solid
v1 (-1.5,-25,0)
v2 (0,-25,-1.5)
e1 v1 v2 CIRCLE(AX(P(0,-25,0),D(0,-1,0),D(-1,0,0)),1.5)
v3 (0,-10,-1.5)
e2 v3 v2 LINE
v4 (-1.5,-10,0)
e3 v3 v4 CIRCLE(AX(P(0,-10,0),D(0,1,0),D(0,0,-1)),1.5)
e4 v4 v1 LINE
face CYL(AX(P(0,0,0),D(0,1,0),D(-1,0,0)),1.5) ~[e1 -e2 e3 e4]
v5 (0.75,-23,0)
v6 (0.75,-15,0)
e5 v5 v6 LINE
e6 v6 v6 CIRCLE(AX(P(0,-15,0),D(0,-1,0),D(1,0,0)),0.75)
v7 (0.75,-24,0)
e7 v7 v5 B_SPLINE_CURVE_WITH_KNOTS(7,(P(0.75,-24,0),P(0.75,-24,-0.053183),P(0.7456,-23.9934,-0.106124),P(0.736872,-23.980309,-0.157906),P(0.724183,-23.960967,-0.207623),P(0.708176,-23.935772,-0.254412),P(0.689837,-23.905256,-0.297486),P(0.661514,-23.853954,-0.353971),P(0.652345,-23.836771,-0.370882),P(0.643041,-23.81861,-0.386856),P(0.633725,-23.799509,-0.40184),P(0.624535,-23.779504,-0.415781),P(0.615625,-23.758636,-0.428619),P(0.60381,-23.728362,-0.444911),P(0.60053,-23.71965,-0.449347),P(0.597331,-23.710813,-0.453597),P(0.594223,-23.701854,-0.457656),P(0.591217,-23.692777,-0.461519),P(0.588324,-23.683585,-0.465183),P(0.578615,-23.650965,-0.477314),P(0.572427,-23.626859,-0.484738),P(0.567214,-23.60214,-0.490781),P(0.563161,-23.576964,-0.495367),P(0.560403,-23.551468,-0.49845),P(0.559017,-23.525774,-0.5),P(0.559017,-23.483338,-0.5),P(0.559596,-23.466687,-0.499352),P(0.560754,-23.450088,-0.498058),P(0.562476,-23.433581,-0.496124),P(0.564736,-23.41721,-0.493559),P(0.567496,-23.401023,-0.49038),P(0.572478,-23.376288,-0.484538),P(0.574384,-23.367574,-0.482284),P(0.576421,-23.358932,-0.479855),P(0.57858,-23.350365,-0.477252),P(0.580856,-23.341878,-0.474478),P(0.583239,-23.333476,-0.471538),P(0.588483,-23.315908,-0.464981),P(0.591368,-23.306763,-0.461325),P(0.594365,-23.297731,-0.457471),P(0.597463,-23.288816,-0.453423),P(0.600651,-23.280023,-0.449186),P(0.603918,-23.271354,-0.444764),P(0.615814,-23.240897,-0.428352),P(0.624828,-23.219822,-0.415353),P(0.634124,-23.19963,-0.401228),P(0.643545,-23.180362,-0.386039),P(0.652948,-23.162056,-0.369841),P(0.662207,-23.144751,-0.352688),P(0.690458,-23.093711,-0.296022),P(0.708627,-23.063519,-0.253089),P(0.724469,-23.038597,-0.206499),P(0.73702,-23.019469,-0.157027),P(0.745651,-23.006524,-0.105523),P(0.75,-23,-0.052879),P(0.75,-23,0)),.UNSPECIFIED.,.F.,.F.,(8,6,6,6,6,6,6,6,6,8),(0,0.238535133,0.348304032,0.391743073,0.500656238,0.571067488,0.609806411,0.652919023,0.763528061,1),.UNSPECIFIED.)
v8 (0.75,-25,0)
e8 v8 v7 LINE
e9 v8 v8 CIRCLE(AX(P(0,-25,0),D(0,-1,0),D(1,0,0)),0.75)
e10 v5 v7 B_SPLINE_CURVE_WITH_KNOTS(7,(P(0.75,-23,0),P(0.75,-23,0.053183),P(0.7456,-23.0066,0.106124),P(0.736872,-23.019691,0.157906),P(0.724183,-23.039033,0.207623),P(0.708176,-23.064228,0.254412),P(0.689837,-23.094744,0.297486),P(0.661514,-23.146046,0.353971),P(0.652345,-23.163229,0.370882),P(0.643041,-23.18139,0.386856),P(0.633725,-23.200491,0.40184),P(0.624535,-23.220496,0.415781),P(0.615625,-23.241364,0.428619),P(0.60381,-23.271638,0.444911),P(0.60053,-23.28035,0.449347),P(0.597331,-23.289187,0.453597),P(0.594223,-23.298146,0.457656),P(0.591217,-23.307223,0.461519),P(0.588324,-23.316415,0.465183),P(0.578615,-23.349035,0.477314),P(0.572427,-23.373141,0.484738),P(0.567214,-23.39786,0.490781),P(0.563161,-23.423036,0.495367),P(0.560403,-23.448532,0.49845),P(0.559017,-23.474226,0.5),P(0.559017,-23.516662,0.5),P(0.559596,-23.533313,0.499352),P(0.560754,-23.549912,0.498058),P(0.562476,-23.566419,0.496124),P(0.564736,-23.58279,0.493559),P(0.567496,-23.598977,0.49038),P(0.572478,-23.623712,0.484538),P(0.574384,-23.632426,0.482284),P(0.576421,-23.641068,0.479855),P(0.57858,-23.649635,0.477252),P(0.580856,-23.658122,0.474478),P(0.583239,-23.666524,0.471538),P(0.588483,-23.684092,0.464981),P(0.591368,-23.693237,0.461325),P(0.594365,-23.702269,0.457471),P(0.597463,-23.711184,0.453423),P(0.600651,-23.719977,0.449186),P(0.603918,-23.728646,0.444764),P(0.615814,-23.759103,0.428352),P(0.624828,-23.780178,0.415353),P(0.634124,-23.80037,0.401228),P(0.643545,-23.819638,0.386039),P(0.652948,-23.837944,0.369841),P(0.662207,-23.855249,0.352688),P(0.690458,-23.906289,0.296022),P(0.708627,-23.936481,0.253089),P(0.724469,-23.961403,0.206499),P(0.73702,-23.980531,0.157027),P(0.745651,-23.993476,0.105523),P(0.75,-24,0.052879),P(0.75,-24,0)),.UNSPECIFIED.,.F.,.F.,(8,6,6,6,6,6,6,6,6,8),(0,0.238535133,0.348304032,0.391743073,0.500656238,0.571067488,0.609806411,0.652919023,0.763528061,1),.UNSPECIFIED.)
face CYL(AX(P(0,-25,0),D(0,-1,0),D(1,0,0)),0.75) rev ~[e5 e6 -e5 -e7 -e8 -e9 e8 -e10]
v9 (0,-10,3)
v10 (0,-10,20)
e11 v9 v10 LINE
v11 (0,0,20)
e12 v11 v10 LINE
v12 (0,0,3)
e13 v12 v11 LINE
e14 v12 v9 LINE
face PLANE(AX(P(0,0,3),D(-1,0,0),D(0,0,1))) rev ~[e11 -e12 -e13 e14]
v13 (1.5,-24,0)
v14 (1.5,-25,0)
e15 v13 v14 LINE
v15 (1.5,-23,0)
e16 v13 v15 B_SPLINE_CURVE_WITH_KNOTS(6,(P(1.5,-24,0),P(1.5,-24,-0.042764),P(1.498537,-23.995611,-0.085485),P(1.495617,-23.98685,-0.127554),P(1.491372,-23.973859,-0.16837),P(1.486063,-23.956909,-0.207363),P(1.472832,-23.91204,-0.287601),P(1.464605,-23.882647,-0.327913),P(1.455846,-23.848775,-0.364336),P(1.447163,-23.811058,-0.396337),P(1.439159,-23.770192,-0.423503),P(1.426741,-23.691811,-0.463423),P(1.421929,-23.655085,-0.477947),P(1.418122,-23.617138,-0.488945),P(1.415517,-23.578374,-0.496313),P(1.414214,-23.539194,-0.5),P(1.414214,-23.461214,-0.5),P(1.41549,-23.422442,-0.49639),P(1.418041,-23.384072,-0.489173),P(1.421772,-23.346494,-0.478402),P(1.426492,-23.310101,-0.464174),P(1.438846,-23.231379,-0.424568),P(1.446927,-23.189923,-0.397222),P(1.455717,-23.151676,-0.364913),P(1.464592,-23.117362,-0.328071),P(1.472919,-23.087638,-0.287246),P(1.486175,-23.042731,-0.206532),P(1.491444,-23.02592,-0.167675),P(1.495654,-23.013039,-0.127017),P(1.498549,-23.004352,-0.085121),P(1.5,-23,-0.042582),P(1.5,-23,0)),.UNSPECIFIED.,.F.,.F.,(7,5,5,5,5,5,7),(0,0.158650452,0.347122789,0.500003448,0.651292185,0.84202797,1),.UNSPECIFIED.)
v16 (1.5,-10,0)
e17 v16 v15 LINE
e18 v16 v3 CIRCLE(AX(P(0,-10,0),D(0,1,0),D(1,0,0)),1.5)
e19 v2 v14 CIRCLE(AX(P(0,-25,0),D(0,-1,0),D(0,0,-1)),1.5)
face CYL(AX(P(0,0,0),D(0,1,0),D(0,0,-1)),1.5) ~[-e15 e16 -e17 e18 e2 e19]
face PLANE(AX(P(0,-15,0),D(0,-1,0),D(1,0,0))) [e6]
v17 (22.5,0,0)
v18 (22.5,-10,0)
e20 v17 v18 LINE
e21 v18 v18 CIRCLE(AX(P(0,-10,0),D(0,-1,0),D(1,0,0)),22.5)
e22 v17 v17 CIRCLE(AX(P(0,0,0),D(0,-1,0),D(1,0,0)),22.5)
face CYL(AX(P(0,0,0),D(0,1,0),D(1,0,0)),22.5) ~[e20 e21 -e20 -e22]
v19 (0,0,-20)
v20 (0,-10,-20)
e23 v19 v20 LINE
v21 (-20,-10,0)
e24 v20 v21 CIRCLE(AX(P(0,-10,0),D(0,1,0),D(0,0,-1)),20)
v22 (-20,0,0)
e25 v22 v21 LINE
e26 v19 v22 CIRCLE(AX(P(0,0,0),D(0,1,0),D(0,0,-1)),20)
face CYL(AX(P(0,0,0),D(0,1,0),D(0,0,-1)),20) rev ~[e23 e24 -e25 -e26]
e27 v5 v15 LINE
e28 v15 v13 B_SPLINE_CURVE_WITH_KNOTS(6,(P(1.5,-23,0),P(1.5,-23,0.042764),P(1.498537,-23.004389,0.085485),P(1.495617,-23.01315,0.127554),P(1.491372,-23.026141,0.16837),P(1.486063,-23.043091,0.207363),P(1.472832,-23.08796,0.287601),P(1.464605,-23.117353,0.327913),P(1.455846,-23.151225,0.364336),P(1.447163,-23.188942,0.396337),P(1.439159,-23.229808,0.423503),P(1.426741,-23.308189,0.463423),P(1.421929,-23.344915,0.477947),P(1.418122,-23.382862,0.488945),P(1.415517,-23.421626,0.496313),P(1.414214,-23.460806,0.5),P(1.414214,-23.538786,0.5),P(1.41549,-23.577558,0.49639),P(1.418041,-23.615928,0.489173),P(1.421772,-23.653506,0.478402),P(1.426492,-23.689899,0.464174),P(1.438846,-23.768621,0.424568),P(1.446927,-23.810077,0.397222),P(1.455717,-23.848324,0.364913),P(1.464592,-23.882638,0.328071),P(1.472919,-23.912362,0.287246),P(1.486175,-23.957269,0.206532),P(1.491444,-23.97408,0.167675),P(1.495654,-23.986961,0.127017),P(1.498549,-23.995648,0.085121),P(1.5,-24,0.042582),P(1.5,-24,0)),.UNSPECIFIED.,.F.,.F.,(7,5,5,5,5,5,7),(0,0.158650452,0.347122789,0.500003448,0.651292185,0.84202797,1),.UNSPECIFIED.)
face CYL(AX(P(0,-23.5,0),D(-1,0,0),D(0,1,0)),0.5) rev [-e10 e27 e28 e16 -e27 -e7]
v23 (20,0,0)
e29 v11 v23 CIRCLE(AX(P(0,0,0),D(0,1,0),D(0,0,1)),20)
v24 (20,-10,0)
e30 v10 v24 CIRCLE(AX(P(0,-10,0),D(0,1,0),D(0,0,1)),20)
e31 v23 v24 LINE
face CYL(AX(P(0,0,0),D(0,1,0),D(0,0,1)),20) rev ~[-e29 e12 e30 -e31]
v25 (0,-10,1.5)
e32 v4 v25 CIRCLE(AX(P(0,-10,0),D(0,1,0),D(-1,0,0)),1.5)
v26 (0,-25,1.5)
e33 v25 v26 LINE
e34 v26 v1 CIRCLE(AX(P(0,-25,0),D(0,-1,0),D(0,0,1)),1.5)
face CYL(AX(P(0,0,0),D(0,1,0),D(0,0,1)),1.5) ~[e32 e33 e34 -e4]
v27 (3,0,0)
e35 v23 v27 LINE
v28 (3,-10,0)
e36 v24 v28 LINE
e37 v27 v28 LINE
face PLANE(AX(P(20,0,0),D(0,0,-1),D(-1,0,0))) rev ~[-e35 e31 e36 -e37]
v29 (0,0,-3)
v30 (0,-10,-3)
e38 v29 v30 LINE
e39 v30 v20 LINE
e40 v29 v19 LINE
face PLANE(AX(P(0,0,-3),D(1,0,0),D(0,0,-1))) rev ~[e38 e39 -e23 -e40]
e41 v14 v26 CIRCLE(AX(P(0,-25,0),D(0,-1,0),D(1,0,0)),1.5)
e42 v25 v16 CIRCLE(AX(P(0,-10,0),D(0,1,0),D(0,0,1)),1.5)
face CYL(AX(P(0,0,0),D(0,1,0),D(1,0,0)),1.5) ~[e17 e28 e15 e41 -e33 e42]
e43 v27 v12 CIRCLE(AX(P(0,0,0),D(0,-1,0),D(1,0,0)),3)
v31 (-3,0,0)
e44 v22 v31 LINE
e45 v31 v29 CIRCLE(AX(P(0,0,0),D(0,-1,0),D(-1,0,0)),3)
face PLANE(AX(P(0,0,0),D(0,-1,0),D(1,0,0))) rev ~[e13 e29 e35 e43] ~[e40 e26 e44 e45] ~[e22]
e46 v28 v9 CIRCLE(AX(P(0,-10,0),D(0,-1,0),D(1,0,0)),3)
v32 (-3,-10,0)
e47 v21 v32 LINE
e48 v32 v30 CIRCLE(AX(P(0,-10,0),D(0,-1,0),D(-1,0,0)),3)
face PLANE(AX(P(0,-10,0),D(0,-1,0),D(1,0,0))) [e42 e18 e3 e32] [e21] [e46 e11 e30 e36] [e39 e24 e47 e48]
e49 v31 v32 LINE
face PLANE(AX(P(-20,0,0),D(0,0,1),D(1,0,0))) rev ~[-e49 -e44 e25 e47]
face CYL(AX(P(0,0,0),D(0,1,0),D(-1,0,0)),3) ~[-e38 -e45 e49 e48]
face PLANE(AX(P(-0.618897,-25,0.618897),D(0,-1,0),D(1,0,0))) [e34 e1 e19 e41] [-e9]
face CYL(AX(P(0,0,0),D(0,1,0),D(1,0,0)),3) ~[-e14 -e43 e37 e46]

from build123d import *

# Parameters (mm, degrees)
F0_R     = 22.5
F1_DEPTH = 10
F2_DEPTH = 25
F4_R     = 0.5
F5_DEPTH = 2.5
F6_R     = 0.75
F7_DEPTH = 10


with BuildPart() as f1:
    # F0 (on Front) → F1 (new body)
    with BuildSketch(Plane.XZ):
        Circle(F0_R)
        with BuildLine():
            ThreePointArc((0, 20), (14.1421356237, 14.1421356237), (20, 0))
            ThreePointArc((20, 0), (14.1421356237, -14.1421356237), (0, -20))
            ThreePointArc((0, -20), (-14.1421356237, -14.1421356237), (-20, 0))
            ThreePointArc((-20, 0), (-14.1421356237, 14.1421356237), (0, 20))
        make_face(mode=Mode.SUBTRACT)
        with BuildLine():
            Line((0, 3), (0, 20))
            ThreePointArc((0, 20), (-14.1421356237, 14.1421356237), (-20, 0))
            Line((-20, 0), (-3, 0))
            ThreePointArc((-3, 0), (-2.1213203436, 2.1213203436), (0, 3))
        make_face()
        with BuildLine():
            Line((0, 1.5), (0, 3))
            ThreePointArc((0, 3), (-2.1213203436, 2.1213203436), (-3, 0))
            Line((-3, 0), (-1.5, 0))
            ThreePointArc((-1.5, 0), (-1.0606601718, 1.0606601718), (0, 1.5))
        make_face()
        with BuildLine():
            Line((1.5, 0), (3, 0))
            ThreePointArc((3, 0), (2.1213203436, 2.1213203436), (0, 3))
            Line((0, 3), (0, 1.5))
            ThreePointArc((0, 1.5), (1.0606601718, 1.0606601718), (1.5, 0))
        make_face()
        with BuildLine():
            ThreePointArc((-3, 0), (-2.1213203436, -2.1213203436), (0, -3))
            Line((0, -3), (0, -1.5))
            ThreePointArc((0, -1.5), (-1.0606601718, -1.0606601718), (-1.5, 0))
            Line((-1.5, 0), (-3, 0))
        make_face()
        with BuildLine():
            ThreePointArc((0, -3), (2.1213203436, -2.1213203436), (3, 0))
            Line((3, 0), (1.5, 0))
            ThreePointArc((1.5, 0), (1.0606601718, -1.0606601718), (0, -1.5))
            Line((0, -1.5), (0, -3))
        make_face()
        with BuildLine():
            ThreePointArc((0, -20), (14.1421356237, -14.1421356237), (20, 0))
            Line((20, 0), (3, 0))
            ThreePointArc((3, 0), (2.1213203436, -2.1213203436), (0, -3))
            Line((0, -3), (0, -20))
        make_face()
    extrude(amount=F1_DEPTH)

    # F0 (on Front) → F2 (join)
    with BuildSketch(Plane.XZ):
        with BuildLine():
            Line((0, 0), (0, 1.5))
            ThreePointArc((0, 1.5), (-1.0606601718, 1.0606601718), (-1.5, 0))
            Line((-1.5, 0), (0, 0))
        make_face()
        with BuildLine():
            ThreePointArc((-1.5, 0), (-1.0606601718, -1.0606601718), (0, -1.5))
            Line((0, -1.5), (0, 0))
            Line((0, 0), (-1.5, 0))
        make_face()
        with BuildLine():
            ThreePointArc((0, -1.5), (1.0606601718, -1.0606601718), (1.5, 0))
            Line((1.5, 0), (0, 0))
            Line((0, 0), (0, -1.5))
        make_face()
        with BuildLine():
            Line((0, 0), (1.5, 0))
            ThreePointArc((1.5, 0), (1.0606601718, 1.0606601718), (0, 1.5))
            Line((0, 1.5), (0, 0))
        make_face()
    extrude(amount=F2_DEPTH)

    # F4 (on face) → F5 (cut)
    with BuildSketch(Plane.YZ):
        with Locations((-23.5, 0)):
            Circle(F4_R)
    extrude(amount=F5_DEPTH, mode=Mode.SUBTRACT)

    # F6 (on face) → F7 (cut)
    with BuildSketch(Plane.XZ.offset(25)):
        Circle(F6_R)
    extrude(amount=-F7_DEPTH, mode=Mode.SUBTRACT)


solid = f1.part
